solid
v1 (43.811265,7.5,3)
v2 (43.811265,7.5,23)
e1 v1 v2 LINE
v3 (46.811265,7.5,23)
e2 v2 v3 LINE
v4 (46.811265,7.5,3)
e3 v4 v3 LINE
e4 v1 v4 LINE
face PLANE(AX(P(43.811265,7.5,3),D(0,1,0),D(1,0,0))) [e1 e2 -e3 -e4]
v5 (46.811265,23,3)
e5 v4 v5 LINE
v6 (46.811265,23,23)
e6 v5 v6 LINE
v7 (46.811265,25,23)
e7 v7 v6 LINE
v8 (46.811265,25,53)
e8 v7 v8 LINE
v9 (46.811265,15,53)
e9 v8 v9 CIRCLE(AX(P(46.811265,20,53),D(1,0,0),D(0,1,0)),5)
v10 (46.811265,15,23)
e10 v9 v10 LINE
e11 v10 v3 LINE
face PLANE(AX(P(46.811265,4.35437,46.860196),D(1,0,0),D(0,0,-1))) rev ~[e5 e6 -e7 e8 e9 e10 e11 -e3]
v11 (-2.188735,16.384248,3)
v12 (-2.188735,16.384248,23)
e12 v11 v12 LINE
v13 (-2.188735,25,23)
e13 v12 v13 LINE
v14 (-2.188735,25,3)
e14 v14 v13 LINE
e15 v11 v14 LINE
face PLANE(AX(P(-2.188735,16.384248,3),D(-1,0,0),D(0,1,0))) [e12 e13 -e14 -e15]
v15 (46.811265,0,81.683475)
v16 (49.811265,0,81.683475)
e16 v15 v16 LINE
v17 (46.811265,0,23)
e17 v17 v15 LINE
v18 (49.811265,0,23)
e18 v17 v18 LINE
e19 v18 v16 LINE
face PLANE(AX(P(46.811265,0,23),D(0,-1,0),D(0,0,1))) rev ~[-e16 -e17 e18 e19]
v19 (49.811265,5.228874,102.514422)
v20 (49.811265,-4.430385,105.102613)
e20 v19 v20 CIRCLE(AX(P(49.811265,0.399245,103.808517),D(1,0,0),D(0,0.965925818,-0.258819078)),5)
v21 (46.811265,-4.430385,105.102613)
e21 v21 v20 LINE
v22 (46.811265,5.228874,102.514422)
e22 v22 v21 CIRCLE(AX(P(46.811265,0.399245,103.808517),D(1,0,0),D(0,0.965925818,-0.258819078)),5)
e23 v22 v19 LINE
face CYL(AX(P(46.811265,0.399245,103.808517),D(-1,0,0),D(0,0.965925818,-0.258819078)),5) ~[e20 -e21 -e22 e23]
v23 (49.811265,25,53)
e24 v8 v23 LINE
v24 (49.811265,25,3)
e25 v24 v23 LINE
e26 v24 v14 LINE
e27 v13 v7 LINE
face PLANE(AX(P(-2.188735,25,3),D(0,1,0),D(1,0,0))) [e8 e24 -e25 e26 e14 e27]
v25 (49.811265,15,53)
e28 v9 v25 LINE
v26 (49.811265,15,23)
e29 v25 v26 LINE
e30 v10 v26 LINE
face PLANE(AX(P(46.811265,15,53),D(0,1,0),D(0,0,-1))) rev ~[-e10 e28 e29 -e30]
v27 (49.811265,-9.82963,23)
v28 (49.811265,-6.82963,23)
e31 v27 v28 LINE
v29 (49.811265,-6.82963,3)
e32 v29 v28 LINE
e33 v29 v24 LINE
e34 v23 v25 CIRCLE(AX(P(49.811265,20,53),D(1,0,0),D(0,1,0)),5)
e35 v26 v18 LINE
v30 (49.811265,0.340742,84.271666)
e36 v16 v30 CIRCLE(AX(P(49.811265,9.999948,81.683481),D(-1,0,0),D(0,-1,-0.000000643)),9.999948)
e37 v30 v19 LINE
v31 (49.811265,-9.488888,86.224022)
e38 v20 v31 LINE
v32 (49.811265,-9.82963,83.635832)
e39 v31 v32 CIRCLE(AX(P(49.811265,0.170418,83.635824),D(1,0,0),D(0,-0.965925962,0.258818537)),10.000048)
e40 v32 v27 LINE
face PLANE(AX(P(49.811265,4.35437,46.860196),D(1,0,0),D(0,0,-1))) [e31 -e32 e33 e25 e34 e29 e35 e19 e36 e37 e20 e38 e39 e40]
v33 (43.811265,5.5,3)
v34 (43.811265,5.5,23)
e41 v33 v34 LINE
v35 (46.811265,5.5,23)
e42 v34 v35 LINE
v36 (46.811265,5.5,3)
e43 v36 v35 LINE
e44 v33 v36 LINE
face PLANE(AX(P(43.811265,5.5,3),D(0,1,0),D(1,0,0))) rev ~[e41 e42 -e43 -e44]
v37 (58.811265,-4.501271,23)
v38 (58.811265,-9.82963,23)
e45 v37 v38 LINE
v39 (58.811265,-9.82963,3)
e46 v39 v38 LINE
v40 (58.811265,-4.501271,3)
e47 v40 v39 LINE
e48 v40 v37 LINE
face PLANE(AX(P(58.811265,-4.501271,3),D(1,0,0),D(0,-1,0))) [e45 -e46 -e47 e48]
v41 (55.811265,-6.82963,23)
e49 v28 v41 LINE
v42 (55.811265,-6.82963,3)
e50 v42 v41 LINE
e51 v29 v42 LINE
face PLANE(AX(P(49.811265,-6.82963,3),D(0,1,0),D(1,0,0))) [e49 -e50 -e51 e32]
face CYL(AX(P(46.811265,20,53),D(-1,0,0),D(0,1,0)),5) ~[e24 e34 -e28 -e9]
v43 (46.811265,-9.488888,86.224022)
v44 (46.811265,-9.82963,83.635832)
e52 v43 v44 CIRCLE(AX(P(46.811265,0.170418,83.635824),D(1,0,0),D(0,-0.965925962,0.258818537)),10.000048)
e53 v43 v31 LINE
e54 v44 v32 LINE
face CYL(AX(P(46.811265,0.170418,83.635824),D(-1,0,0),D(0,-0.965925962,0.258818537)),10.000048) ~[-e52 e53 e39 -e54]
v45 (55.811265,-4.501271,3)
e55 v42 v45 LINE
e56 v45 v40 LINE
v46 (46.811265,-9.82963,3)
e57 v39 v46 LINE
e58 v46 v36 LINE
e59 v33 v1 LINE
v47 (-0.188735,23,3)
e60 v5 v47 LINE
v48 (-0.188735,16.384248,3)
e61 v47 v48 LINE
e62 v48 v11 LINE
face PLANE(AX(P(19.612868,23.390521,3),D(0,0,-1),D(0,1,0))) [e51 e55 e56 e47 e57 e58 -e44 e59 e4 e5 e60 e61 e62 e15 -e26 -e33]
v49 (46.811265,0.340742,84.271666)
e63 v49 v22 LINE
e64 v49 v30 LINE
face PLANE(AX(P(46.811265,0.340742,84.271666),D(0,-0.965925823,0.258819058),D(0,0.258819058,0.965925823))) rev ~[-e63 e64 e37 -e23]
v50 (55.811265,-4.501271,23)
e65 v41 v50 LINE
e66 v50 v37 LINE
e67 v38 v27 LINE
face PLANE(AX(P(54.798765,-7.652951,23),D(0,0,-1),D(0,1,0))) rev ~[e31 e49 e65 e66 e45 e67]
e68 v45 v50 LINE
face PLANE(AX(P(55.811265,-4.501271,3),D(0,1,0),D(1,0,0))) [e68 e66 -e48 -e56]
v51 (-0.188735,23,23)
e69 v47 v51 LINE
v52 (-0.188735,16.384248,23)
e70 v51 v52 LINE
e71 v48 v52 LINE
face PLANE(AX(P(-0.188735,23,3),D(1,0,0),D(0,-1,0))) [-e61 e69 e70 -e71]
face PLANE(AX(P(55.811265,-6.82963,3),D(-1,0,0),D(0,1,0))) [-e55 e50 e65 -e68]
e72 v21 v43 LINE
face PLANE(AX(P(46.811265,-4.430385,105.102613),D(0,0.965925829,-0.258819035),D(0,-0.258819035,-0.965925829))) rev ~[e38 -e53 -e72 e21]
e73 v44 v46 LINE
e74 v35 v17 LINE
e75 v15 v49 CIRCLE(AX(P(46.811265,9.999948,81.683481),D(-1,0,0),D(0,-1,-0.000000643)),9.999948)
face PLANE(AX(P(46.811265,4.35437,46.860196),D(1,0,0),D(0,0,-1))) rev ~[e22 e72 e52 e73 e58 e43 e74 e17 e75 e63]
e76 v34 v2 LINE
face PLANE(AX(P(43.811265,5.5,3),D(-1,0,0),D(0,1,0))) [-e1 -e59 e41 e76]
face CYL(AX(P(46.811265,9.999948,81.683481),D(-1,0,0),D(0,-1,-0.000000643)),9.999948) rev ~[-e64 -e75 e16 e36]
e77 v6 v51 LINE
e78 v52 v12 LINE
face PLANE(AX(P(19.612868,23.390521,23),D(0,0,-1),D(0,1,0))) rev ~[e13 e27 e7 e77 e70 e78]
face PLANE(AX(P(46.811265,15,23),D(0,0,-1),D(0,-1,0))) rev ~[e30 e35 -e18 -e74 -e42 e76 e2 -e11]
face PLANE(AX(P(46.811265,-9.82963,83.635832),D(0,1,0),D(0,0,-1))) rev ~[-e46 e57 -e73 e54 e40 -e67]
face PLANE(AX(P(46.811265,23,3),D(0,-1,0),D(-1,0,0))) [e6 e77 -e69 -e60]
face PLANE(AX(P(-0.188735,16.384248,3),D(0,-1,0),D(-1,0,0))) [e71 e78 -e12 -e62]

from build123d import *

# Parameters (mm, degrees)
F1_DEPTH = 3
F2_W     = 2
F2_H     = 3
F3_DEPTH = 20
F4_ANGLE = -90


with BuildPart() as f1:
    # F0 (on Top) → F1 (new body)
    with BuildSketch(Plane.XY):
        with BuildLine():
            Line((29.811265, 0), (-28.87221, 0))
            ThreePointArc((-28.87221, 0), (-30.177472, 0.085551), (-31.460401, 0.340742))
            Line((-31.460401, 0.340742), (-49.703157, 5.228874))
            ThreePointArc((-49.703157, 5.228874), (-55.826882, 1.69334), (-52.291348, -4.430385))
            Line((-52.291348, -4.430385), (-33.412757, -9.488888))
            ThreePointArc((-33.412757, -9.488888), (-32.129829, -9.744078), (-30.824567, -9.82963))
            Line((-30.824567, -9.82963), (49.811265, -9.82963))
            Line((49.811265, -9.82963), (49.811265, 25))
            Line((49.811265, 25), (-0.188735, 25))
            ThreePointArc((-0.188735, 25), (-5.188735, 20), (-0.188735, 15))
            Line((-0.188735, 15), (29.811265, 15))
            Line((29.811265, 15), (29.811265, 0))
        make_face()
    extrude(amount=F1_DEPTH)

    # F2 (on face) → F3 (join, through all)
    with BuildSketch(Plane.YZ.offset(49.811265)):
        Polygon((25, -49), (25, 0), (23, 0), (23, -47), (16.384248, -47), (16.384248, -49), align=None)
        with Locations((6.5, -1.5)):
            Rectangle(F2_W, F2_H)
        Polygon((-9.82963, 3), (-6.82963, 3), (-6.82963, 9), (-4.501271, 9), (-4.501271, 12), (-9.82963, 12), align=None)
    extrude(amount=-F3_DEPTH)


with BuildPart() as f1_1:
    # F4: moved
    add(f1.part.rotate(Axis((49.811265, 9.085185, 3), (0, -1, 0)), F4_ANGLE))


solid = f1_1.part
